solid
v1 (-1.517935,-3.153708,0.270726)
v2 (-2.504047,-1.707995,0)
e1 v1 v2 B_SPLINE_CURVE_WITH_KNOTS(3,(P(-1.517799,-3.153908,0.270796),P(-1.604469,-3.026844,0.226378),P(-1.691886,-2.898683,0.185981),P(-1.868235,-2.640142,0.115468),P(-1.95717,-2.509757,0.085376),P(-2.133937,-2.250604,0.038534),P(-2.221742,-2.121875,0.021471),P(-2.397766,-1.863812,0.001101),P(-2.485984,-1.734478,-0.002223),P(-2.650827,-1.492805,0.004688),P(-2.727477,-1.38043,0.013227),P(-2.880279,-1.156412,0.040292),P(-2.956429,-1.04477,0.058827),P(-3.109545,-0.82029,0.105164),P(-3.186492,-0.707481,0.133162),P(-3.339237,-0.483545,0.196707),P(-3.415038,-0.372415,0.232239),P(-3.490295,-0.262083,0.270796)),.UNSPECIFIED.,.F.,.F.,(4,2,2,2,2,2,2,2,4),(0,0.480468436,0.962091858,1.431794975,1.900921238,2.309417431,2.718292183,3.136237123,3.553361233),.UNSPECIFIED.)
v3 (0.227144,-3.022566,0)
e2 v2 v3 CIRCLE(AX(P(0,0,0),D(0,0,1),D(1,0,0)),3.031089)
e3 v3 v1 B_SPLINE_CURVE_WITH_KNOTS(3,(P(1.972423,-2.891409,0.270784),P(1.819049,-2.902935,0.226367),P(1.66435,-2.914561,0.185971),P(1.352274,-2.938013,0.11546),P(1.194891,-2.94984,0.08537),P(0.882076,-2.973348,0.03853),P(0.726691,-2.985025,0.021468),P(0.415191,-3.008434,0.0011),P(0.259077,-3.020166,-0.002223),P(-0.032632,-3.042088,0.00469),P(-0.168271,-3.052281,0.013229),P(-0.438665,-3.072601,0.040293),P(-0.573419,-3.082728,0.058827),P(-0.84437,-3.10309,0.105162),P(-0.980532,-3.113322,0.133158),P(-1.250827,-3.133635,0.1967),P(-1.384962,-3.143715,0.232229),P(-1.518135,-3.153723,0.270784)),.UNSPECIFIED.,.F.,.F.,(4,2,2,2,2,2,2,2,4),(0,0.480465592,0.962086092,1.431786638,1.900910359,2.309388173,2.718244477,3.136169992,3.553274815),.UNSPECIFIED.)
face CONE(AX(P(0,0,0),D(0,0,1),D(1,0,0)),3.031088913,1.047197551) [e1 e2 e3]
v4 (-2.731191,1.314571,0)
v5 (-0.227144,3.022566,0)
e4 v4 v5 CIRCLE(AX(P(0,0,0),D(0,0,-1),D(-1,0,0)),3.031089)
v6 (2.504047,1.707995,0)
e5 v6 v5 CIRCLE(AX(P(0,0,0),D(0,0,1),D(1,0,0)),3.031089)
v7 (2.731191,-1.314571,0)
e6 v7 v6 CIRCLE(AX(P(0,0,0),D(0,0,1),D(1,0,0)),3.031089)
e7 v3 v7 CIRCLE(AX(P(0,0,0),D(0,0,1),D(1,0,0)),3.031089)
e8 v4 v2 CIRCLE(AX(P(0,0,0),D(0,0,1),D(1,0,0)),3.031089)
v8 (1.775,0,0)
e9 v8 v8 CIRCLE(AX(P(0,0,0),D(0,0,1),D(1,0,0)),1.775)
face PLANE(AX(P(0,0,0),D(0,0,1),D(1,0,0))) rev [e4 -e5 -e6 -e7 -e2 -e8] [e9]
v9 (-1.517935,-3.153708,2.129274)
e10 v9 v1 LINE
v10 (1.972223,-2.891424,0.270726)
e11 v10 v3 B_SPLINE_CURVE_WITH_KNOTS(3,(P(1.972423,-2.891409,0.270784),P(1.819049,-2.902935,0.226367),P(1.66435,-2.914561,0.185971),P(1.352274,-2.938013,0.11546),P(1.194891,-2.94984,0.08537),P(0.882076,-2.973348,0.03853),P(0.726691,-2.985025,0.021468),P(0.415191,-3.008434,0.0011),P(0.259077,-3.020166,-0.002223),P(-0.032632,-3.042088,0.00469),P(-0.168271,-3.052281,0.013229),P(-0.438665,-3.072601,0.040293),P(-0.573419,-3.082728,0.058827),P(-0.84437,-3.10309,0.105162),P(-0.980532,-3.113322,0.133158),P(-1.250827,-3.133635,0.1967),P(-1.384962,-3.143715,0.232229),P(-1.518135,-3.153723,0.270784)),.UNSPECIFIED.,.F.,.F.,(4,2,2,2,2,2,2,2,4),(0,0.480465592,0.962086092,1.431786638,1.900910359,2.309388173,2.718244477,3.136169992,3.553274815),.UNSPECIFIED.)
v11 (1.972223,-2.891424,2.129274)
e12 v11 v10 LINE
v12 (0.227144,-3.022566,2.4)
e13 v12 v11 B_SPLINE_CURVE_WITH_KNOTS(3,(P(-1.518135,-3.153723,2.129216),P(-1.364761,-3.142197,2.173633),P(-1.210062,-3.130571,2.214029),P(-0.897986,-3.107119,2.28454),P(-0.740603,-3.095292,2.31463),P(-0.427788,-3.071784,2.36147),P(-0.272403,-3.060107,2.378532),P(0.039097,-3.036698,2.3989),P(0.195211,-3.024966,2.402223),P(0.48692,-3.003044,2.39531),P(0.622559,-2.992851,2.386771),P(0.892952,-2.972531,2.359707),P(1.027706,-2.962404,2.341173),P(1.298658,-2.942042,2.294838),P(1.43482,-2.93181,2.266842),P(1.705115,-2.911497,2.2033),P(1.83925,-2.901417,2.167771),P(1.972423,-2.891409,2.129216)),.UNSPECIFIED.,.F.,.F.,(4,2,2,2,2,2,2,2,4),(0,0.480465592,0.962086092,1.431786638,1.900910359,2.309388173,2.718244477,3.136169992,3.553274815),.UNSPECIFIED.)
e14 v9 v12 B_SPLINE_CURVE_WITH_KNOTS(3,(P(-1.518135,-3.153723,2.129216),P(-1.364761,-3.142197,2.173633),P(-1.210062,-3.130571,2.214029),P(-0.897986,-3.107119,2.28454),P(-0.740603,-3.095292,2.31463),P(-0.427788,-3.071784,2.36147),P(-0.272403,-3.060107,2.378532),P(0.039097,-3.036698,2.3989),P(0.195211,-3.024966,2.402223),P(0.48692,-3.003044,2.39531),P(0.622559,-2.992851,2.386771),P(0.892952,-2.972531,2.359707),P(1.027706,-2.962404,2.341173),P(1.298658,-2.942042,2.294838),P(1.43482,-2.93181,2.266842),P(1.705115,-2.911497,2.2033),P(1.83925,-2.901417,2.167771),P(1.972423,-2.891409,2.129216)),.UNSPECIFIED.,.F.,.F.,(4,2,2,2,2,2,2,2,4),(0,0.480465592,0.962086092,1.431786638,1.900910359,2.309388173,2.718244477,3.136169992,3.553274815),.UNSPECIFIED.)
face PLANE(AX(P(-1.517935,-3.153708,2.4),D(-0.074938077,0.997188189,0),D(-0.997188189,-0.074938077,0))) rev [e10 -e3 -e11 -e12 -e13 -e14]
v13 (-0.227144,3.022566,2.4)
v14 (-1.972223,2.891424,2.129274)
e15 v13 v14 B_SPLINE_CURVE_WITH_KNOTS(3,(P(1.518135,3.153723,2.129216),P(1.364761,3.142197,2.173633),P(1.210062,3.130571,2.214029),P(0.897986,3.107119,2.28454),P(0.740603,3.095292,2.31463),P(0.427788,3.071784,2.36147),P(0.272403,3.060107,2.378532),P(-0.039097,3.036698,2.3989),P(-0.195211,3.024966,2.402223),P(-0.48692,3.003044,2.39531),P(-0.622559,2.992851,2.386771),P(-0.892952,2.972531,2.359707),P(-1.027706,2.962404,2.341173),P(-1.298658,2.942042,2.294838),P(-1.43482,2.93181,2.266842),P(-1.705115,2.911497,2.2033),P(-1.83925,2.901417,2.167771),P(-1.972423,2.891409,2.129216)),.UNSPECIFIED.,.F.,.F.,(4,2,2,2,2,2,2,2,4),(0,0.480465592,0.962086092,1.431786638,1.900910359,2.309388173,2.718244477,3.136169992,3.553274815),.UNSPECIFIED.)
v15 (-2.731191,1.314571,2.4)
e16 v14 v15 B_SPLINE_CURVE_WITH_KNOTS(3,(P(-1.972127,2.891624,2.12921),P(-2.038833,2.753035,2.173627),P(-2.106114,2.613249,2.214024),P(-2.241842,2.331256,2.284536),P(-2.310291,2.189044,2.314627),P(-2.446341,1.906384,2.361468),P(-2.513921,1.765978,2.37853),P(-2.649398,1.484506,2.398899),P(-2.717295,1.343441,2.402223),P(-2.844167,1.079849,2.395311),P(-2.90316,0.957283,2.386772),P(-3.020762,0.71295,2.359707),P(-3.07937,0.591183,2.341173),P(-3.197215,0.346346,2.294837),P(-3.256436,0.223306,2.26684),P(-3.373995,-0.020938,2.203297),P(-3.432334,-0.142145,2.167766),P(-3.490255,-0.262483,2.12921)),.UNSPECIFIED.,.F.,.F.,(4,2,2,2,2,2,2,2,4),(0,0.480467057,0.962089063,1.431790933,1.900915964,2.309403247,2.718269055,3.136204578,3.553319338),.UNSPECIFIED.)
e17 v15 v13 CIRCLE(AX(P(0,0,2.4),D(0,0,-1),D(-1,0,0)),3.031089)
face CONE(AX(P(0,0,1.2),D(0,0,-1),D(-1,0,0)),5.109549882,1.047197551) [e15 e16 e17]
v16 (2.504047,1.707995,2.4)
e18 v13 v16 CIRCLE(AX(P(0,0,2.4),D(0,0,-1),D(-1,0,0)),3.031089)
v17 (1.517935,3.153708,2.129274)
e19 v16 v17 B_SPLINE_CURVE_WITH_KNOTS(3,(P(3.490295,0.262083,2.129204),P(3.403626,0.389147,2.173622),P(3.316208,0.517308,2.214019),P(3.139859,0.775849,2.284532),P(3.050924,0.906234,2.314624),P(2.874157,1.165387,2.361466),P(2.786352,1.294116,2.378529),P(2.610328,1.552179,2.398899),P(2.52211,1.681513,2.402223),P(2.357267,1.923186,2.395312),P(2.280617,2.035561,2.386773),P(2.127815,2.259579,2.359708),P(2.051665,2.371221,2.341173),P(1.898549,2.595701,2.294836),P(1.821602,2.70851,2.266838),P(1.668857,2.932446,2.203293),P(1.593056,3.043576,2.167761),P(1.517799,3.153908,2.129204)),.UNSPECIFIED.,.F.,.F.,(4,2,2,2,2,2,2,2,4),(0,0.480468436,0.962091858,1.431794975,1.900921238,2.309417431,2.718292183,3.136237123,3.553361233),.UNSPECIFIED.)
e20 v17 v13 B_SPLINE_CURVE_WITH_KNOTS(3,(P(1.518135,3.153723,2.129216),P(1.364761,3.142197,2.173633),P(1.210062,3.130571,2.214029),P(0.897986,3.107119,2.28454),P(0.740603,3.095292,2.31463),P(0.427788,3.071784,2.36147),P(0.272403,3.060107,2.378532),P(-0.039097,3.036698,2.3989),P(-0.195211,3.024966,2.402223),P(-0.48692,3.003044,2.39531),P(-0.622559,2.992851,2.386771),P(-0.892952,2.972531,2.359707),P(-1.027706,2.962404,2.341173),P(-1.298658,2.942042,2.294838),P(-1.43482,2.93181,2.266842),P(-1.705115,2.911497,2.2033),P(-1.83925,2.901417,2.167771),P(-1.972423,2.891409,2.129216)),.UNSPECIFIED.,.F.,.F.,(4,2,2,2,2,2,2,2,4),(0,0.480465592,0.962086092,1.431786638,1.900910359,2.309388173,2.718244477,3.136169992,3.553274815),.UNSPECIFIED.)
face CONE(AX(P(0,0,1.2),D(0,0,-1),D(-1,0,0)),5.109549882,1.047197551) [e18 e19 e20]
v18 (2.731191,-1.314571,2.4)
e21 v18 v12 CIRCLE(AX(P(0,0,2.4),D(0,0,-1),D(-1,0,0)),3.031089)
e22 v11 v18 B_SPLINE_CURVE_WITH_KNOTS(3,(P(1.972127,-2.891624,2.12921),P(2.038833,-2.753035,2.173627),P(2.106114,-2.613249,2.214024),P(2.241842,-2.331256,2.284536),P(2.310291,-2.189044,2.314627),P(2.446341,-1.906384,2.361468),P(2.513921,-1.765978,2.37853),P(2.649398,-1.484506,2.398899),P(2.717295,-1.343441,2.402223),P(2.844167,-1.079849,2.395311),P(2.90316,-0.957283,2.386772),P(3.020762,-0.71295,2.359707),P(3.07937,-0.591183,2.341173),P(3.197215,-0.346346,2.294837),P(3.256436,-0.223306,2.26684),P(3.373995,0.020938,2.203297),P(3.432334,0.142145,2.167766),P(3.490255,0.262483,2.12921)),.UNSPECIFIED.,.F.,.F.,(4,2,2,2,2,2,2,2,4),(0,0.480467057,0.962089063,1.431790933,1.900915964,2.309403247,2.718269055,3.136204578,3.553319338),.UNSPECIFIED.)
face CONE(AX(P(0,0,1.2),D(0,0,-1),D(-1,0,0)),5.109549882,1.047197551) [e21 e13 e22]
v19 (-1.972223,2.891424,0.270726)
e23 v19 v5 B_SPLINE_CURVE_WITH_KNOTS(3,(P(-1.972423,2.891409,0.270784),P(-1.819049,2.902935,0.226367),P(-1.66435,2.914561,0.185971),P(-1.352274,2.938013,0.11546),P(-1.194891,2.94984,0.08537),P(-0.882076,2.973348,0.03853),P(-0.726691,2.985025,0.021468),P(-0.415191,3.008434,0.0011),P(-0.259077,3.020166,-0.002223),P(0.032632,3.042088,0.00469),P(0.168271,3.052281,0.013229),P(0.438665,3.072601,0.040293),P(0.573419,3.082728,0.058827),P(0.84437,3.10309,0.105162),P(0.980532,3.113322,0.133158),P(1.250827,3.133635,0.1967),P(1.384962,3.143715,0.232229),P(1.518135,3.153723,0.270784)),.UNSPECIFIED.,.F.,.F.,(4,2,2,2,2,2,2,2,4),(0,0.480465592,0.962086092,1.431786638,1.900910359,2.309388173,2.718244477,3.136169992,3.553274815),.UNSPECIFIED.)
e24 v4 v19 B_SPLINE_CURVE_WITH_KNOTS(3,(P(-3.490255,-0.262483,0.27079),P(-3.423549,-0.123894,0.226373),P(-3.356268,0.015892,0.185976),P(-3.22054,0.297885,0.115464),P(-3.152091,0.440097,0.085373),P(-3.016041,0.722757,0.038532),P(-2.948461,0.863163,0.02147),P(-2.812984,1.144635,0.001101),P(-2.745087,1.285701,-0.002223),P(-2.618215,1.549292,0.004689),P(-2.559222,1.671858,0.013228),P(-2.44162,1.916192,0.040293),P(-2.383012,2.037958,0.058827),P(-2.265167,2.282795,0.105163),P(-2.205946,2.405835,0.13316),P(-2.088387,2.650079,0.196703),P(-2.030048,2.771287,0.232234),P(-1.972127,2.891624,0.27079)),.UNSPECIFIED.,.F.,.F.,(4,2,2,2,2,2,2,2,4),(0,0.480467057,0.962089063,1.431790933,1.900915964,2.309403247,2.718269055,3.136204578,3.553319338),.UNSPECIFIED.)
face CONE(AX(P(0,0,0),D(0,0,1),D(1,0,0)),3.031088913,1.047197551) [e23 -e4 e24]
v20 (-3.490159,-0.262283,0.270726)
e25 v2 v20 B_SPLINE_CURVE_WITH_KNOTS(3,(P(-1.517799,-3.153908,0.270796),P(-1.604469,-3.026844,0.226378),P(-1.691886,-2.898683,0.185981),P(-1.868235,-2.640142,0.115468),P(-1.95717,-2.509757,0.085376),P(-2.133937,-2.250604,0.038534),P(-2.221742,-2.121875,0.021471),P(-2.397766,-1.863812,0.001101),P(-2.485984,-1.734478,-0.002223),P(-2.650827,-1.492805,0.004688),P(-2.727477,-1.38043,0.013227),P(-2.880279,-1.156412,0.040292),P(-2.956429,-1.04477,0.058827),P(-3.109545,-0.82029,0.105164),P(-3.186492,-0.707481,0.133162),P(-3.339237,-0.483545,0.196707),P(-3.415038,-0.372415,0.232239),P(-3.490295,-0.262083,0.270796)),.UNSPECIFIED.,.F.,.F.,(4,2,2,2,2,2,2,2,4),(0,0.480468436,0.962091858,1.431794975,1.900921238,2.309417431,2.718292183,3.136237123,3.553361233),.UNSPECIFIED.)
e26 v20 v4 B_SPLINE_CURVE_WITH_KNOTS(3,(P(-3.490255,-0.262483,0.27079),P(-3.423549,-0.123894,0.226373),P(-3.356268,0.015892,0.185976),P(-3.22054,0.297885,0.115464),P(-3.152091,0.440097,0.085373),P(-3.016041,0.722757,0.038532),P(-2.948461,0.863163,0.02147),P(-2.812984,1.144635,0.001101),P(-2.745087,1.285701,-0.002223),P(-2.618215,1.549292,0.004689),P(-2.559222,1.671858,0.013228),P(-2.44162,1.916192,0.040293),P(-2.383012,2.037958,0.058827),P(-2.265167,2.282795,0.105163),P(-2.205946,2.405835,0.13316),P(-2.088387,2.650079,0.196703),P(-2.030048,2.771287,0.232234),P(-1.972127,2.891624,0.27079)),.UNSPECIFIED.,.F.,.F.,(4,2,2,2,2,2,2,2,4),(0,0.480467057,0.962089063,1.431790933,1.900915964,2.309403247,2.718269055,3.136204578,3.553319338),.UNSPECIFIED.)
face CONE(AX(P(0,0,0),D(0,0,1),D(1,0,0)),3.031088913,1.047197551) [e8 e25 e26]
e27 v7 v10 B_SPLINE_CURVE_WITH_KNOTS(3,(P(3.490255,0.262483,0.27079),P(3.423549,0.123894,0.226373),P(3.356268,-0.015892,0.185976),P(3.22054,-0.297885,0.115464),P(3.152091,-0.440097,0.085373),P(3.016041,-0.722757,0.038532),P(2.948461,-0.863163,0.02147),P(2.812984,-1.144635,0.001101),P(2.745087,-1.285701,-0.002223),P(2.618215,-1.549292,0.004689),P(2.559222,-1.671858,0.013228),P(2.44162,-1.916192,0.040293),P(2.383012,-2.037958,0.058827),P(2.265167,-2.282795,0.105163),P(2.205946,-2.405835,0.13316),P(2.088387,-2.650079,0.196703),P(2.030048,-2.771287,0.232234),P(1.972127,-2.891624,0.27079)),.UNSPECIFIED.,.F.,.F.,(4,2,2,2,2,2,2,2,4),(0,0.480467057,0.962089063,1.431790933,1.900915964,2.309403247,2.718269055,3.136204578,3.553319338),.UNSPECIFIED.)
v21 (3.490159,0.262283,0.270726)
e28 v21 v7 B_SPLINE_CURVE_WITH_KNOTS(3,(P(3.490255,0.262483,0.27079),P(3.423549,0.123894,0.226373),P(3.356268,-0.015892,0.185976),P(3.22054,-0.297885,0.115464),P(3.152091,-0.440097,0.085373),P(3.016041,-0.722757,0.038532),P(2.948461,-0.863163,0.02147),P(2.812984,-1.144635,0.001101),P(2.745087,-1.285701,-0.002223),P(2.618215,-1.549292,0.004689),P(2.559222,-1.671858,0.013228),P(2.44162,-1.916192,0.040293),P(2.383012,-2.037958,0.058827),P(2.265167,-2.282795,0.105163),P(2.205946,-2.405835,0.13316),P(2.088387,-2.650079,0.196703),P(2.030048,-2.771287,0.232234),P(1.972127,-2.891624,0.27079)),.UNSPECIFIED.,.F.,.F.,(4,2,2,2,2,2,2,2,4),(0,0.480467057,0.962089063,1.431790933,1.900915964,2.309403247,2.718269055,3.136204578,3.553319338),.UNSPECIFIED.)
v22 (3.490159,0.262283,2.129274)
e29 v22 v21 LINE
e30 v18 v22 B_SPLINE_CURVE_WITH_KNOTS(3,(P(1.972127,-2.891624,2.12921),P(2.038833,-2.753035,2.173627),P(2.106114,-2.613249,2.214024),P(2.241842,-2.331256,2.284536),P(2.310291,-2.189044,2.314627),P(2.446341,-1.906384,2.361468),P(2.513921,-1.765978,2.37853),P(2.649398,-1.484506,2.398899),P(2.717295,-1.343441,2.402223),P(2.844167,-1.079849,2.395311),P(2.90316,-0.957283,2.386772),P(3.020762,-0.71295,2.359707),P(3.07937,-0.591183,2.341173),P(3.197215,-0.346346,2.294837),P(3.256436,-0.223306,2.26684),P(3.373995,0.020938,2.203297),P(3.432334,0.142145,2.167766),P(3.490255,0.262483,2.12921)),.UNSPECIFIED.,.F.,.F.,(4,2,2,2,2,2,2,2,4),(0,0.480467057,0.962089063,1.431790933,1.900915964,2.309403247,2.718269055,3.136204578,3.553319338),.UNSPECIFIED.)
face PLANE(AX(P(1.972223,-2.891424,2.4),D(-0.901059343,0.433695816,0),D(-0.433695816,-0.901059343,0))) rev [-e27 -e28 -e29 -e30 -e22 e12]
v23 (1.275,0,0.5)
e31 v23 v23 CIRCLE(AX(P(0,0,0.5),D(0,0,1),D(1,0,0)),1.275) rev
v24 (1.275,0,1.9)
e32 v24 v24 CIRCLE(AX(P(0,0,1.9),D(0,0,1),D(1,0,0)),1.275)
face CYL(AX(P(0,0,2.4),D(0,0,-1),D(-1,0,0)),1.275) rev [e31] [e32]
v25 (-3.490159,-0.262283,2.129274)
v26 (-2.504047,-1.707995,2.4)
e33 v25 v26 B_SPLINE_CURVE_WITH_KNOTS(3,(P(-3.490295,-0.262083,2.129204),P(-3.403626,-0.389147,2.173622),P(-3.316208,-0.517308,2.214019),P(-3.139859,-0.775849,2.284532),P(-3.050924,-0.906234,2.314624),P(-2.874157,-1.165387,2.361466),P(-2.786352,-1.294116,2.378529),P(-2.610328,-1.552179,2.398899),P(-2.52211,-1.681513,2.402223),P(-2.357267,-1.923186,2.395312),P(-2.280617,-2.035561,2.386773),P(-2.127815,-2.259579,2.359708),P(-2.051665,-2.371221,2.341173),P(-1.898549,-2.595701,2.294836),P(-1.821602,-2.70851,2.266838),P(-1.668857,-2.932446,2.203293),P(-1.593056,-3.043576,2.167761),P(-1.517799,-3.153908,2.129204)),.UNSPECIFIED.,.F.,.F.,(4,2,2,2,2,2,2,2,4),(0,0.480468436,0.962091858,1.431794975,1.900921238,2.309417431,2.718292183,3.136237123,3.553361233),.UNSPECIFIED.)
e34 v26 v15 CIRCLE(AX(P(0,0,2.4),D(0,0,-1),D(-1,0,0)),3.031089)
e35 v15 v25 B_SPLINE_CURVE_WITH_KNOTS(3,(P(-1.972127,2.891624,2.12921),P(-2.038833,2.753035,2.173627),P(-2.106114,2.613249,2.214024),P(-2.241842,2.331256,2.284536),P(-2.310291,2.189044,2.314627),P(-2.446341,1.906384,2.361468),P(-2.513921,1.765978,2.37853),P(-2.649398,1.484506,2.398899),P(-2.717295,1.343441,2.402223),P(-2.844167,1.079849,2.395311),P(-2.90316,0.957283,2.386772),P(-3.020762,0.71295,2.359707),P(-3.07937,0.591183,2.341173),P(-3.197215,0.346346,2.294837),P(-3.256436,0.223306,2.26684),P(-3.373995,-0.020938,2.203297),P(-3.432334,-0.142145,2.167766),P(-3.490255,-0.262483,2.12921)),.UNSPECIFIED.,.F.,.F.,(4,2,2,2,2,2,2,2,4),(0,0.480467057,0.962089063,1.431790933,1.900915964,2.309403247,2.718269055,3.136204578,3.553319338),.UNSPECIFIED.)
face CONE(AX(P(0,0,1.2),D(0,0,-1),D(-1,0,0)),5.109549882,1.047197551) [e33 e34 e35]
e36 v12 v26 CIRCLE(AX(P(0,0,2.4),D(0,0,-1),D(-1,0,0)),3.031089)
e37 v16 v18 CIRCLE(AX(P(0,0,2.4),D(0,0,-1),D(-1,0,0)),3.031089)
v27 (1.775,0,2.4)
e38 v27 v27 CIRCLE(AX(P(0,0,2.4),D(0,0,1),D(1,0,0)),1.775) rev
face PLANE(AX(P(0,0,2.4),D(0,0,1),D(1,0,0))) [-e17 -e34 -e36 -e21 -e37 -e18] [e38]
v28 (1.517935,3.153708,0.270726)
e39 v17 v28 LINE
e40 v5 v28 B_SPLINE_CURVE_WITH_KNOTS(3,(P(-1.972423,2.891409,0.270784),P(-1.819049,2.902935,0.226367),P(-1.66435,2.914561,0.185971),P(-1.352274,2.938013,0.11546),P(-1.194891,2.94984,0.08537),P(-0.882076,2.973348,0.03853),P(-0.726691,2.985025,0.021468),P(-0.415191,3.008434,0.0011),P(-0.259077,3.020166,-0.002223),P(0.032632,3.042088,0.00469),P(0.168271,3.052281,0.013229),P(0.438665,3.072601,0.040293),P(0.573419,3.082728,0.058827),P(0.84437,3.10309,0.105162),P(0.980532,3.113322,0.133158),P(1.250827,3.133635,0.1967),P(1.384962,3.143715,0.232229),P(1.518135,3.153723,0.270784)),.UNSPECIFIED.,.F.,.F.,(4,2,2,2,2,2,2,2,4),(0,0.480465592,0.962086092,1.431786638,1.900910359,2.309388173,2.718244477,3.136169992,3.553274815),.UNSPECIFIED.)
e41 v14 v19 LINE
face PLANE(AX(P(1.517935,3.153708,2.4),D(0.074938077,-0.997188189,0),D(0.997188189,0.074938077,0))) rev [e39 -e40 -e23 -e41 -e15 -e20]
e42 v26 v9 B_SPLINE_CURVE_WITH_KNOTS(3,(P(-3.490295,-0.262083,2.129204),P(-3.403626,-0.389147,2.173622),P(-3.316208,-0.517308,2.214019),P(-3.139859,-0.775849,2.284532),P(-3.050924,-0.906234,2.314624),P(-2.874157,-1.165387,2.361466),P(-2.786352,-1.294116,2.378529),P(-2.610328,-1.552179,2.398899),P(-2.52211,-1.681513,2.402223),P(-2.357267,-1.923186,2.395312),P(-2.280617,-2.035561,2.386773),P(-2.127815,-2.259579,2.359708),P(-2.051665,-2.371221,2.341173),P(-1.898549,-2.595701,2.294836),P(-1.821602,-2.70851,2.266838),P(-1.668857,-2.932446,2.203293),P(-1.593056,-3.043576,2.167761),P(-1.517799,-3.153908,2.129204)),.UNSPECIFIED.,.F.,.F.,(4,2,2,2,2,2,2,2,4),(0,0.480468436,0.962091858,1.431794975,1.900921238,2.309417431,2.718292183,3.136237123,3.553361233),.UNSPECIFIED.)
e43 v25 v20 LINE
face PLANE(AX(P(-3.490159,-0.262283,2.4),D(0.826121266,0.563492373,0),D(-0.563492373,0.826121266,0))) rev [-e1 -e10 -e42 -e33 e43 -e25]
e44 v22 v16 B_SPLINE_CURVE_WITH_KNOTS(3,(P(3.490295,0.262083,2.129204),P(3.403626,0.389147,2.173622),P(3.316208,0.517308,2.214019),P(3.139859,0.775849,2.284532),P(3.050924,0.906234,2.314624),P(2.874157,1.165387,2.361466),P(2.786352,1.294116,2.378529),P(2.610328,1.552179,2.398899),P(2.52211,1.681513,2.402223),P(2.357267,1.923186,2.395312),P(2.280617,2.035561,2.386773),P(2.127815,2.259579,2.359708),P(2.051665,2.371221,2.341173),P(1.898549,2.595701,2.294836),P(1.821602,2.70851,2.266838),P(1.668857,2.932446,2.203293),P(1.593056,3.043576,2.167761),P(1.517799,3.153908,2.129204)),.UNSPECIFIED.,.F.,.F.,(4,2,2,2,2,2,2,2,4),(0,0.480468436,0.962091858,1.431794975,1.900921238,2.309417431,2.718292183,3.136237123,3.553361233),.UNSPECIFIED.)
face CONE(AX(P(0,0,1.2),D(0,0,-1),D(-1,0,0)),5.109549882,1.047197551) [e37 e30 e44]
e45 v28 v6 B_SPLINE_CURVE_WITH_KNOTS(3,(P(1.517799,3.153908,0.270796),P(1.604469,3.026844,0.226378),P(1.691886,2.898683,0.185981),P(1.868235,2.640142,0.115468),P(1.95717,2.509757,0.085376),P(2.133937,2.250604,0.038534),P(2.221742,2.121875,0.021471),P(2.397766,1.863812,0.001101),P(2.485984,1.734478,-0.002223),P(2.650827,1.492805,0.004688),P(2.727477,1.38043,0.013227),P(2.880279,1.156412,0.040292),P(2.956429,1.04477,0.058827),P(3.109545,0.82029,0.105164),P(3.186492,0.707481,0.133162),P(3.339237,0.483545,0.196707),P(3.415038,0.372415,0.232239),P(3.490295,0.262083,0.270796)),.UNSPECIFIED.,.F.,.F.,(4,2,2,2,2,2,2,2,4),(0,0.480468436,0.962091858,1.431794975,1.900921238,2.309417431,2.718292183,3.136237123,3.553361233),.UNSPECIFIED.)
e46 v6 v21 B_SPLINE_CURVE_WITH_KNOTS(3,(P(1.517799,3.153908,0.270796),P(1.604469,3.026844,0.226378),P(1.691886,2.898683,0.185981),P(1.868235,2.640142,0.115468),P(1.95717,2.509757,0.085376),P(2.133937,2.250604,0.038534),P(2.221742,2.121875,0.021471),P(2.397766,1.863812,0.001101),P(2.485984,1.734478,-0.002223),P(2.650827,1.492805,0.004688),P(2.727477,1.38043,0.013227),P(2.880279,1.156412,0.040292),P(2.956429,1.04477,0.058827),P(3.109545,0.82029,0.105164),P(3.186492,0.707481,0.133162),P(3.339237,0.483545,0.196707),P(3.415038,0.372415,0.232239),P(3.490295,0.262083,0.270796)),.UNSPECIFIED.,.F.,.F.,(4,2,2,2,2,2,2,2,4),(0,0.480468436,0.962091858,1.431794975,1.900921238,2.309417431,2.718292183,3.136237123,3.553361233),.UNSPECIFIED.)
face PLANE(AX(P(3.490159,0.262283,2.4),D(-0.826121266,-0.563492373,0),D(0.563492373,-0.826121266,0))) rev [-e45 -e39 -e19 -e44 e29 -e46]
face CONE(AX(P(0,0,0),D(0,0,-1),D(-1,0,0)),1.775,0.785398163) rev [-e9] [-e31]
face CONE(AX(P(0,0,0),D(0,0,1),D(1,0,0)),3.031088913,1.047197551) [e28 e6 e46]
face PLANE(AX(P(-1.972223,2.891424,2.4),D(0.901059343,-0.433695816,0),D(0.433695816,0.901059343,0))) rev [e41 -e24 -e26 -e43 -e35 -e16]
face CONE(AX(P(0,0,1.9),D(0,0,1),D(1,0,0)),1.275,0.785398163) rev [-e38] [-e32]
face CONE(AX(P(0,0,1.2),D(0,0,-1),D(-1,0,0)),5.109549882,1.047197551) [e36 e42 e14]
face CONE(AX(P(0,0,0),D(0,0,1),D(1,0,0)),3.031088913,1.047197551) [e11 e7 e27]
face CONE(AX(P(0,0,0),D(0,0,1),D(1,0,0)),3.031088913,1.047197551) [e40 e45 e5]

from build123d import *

# Parameters (mm, degrees)
SKICA1_R                = 1.275
P_IDAT_VYSUNUT_M1_DEPTH = 2.4
ZKOSEN_1_SIZE           = 0.5


with BuildPart() as part:
    # Skica1 → Přidat vysunutím1 (new body)
    with BuildSketch(Plane.XY):
        Polygon((1.517935358, 3.153707699), (-1.972223305, 2.89142443), (-3.490158662, -0.262283268), (-1.517935358, -3.153707699), (1.972223305, -2.89142443), (3.490158662, 0.262283268), align=None)
        Circle(SKICA1_R, mode=Mode.SUBTRACT)
    extrude(amount=P_IDAT_VYSUNUT_M1_DEPTH)

    # Zkosení1
    zkosen_1_edges = [part.edges().sort_by_distance(p)[0] for p in [
        (-1.275, 0, 0),
        (-1.275, 0, 2.4),
    ]]
    chamfer(zkosen_1_edges, length=ZKOSEN_1_SIZE)

    # Skica3 → Odebrat rotací1 (revolve, cut)
    with BuildSketch(Plane(origin=(0, 0, 0), x_dir=(0.9010593425374666, -0.43369581647273064, 0), z_dir=(0.43369581647273064, 0.9010593425374666, 0))):
        Polygon((-5.109549882, 0), (-5.109549882, -1.2), (-3.031088913, 0), align=None)
        Polygon((-5.109549882, -2.4), (-3.031088913, -2.4), (-5.109549882, -1.2), align=None)
    revolve(axis=Axis((0, 0, 2.4), (0, 0, 1)), mode=Mode.SUBTRACT)


solid = part.part
